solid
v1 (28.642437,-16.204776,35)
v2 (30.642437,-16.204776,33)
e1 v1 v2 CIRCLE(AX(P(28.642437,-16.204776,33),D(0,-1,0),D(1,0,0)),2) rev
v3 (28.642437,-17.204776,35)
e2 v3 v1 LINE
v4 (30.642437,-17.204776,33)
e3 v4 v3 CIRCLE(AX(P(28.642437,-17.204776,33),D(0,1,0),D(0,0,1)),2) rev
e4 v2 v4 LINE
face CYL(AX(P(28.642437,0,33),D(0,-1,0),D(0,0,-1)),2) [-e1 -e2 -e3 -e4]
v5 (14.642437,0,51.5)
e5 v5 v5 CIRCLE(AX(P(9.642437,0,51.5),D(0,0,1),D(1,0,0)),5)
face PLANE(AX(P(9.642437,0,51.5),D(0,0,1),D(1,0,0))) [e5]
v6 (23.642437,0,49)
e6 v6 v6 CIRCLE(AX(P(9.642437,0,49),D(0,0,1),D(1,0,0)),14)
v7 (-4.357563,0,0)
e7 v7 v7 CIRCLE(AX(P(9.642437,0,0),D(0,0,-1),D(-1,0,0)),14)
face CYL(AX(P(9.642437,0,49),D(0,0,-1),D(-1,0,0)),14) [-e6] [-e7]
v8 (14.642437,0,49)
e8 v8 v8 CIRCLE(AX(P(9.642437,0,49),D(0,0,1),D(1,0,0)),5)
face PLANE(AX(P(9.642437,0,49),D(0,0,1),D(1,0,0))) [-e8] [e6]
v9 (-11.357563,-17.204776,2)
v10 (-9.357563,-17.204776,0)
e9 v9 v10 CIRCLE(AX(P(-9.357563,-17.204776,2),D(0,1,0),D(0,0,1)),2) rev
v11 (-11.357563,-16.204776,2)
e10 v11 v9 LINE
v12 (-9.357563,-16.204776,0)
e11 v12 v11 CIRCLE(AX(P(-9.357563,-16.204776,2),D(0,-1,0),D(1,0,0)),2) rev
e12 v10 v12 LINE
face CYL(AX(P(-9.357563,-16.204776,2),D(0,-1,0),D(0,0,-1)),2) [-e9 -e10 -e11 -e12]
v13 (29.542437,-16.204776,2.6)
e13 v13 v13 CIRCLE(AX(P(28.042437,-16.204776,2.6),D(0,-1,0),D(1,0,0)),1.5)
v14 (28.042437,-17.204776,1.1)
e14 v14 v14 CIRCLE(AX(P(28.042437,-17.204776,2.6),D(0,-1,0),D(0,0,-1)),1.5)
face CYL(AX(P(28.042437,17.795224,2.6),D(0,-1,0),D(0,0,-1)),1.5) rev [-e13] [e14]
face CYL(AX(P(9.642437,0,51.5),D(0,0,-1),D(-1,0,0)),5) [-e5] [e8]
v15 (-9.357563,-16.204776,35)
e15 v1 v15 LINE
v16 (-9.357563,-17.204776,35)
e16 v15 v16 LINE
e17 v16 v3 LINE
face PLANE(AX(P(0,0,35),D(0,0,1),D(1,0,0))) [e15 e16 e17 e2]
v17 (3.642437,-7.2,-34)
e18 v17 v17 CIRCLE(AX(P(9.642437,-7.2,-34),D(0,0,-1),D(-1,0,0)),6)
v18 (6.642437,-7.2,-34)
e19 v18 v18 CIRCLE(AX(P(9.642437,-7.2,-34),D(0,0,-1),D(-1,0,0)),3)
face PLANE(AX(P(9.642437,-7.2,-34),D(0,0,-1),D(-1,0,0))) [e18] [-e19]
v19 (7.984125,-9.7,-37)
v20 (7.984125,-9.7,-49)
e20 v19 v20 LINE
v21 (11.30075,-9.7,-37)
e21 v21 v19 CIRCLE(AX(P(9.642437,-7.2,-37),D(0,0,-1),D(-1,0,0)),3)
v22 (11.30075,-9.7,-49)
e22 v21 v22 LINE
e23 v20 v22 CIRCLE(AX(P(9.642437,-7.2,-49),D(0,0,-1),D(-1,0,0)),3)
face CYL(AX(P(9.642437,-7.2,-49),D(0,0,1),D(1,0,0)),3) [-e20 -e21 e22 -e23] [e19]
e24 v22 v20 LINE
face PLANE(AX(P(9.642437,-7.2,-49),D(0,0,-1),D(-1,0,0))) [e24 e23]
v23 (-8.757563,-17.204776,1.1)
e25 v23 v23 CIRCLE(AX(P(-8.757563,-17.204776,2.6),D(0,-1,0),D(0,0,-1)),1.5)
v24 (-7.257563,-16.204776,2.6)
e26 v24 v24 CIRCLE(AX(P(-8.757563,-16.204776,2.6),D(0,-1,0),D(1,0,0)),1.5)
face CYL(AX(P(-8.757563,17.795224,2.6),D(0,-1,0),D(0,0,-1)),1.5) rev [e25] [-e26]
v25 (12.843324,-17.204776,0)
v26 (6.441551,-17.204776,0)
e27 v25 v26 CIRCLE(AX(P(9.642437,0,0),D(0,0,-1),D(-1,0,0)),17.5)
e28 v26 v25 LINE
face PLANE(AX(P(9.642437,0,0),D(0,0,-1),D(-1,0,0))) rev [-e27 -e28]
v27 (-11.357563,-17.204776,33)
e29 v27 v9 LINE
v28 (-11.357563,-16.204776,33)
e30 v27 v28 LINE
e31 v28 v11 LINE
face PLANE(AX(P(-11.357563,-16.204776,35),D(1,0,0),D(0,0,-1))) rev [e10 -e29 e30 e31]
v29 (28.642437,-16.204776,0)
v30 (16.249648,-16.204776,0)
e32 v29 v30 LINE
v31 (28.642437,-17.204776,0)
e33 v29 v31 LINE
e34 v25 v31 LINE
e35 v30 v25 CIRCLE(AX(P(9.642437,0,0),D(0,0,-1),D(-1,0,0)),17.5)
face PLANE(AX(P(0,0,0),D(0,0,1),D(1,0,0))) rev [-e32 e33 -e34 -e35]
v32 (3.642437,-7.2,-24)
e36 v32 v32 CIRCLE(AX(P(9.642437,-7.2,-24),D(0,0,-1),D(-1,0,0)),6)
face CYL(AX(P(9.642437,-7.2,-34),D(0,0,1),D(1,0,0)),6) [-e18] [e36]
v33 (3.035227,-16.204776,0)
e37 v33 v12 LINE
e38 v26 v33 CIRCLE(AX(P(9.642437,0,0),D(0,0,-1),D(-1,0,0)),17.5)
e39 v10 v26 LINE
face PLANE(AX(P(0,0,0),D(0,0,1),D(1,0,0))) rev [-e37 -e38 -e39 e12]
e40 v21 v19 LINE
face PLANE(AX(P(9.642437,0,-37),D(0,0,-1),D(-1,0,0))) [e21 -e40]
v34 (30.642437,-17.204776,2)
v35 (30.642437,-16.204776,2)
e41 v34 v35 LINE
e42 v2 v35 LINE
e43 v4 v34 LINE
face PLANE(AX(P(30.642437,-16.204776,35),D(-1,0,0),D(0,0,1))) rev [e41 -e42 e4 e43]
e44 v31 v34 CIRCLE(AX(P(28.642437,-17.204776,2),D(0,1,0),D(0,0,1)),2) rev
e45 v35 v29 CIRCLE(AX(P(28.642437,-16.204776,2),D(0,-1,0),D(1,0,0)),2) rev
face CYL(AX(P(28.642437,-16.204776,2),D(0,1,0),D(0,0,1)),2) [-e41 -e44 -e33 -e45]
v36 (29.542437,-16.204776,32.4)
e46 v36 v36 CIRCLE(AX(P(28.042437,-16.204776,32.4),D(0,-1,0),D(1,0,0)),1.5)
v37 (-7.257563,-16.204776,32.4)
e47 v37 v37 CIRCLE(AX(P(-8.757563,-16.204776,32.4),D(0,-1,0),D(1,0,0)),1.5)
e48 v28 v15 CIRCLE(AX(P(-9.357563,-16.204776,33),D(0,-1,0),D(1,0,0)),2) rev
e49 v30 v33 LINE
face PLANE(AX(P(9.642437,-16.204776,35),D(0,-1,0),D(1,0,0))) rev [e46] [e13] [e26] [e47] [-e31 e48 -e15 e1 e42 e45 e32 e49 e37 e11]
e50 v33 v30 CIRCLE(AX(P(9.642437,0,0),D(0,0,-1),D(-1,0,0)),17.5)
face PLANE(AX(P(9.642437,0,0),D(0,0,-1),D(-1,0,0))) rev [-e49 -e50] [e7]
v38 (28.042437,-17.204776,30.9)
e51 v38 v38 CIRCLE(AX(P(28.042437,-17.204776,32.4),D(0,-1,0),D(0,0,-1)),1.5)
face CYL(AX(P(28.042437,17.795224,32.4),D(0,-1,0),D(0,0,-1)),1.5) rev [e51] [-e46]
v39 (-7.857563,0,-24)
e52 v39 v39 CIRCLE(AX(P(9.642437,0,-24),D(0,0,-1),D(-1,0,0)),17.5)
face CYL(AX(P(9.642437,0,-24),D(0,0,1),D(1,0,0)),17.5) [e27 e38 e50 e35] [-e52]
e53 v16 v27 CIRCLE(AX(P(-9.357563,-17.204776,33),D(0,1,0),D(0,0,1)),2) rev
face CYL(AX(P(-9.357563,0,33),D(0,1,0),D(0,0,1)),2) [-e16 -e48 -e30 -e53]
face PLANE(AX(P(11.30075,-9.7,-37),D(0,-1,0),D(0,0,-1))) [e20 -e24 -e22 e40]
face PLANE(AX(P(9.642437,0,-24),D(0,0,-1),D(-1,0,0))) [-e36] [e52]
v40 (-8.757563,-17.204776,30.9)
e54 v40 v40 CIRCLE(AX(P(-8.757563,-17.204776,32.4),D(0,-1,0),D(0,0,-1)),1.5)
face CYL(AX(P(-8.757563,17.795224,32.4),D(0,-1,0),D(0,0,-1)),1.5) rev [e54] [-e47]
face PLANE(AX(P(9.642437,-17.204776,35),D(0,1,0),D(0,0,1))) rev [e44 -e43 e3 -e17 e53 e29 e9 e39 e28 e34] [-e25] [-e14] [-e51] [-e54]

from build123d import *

# Parameters (mm, degrees)
ESQUISSE1_R             = 14
BOSS_EXTRU_1_DEPTH      = 49
ESQUISSE2_R             = 5
BOSS_EXTRU_2_DEPTH      = 2.5
ESQUISSE3_R             = 17.5
BOSS_EXTRU_3_DEPTH      = 24
ESQUISSE4_R             = 6
BOSS_EXTRU_4_DEPTH      = 10
ESQUISSE5_R             = 3
BOSS_EXTRU_5_DEPTH      = 15
ESQUISSE7_OUTSIDE_W     = 59.406
ESQUISSE7_OUTSIDE_H     = 59.406
ENL_V_MAT_EXTRU_1_DEPTH = 12
BOSS_EXTRU_6_DEPTH      = 35
CONG_1_R                = 2
ESQUISSE9_R             = 1.5
ENL_V_MAT_EXTRU_2_DEPTH = 35


with BuildPart() as part:
    # Esquisse1 → Boss.-Extru.1 (new body)
    with BuildSketch(Plane.XY):
        with Locations((9.642437394, 0)):
            Circle(ESQUISSE1_R)
    extrude(amount=BOSS_EXTRU_1_DEPTH)

    # Esquisse2 → Boss.-Extru.2 (add)
    with BuildSketch(Plane.XY.offset(49)):
        with Locations((9.642437394, 0)):
            Circle(ESQUISSE2_R)
    extrude(amount=BOSS_EXTRU_2_DEPTH)

    # Esquisse3 → Boss.-Extru.3 (add)
    with BuildSketch(Plane(origin=(0, 0, 0), x_dir=(-1, 0, 0), z_dir=(0, 0, -1))):
        with Locations((-9.642437394, 0)):
            Circle(ESQUISSE3_R)
    extrude(amount=BOSS_EXTRU_3_DEPTH)

    # Esquisse4 → Boss.-Extru.4 (add)
    with BuildSketch(Plane(origin=(0, 0, -24), x_dir=(-1, 0, 0), z_dir=(0, 0, -1))):
        with Locations((-9.642437394, -7.2)):
            Circle(ESQUISSE4_R)
    extrude(amount=BOSS_EXTRU_4_DEPTH)

    # Esquisse5 → Boss.-Extru.5 (add)
    with BuildSketch(Plane(origin=(0, 0, -34), x_dir=(-1, 0, 0), z_dir=(0, 0, -1))):
        with Locations((-9.642437394, -7.2)):
            Circle(ESQUISSE5_R)
    extrude(amount=BOSS_EXTRU_5_DEPTH)

    # Esquisse7 outside → Enlèv. mat.-Extru.1 (cut)
    with BuildSketch(Plane(origin=(0, 0, -49), x_dir=(-1, 0, 0), z_dir=(0, 0, -1))):
        with Locations((-9.642, 0)):
            Rectangle(ESQUISSE7_OUTSIDE_W, ESQUISSE7_OUTSIDE_H)
        with BuildLine():
            Line((-11.300749789, -9.7), (-7.984124999, -9.7))
            ThreePointArc((-7.984124999, -9.7), (-9.642437394, -4.2), (-11.300749789, -9.7))
        make_face(mode=Mode.SUBTRACT)
    extrude(amount=-ENL_V_MAT_EXTRU_1_DEPTH, mode=Mode.SUBTRACT)

    # Esquisse8 → Boss.-Extru.6 (add)
    with BuildSketch(Plane.XY):
        Polygon((9.642437394, -16.204776279), (30.642437394, -16.204776279), (30.642437394, -17.204776279), (9.642437394, -17.204776279), (-11.357562606, -17.204776279), (-11.357562606, -16.204776279), align=None)
    extrude(amount=BOSS_EXTRU_6_DEPTH)

    # Congé1
    cong_1_edges = [part.edges().sort_by_distance(p)[0] for p in [
        (-11.357562606, -16.704776279, 0),
        (30.642437394, -16.704776279, 0),
        (-11.357562606, -16.704776279, 35),
        (30.642437394, -16.704776279, 35),
    ]]
    fillet(cong_1_edges, radius=CONG_1_R)

    # Esquisse9 → Enlèv. mat.-Extru.2 (cut)
    with BuildSketch(Plane.XZ.offset(17.204776279)):
        with Locations(Location((28.042437394, 32.4, 0), (0, 0, 270))):
            Circle(ESQUISSE9_R)
        with Locations(Location((-8.757562606, 32.4, 0), (0, 0, 270))):
            Circle(ESQUISSE9_R)
        with Locations(Location((-8.757562606, 2.6, 0), (0, 0, 270))):
            Circle(ESQUISSE9_R)
        with Locations(Location((28.042437394, 2.6, 0), (0, 0, 270))):
            Circle(ESQUISSE9_R)
    extrude(amount=-ENL_V_MAT_EXTRU_2_DEPTH, mode=Mode.SUBTRACT)


solid = part.part
